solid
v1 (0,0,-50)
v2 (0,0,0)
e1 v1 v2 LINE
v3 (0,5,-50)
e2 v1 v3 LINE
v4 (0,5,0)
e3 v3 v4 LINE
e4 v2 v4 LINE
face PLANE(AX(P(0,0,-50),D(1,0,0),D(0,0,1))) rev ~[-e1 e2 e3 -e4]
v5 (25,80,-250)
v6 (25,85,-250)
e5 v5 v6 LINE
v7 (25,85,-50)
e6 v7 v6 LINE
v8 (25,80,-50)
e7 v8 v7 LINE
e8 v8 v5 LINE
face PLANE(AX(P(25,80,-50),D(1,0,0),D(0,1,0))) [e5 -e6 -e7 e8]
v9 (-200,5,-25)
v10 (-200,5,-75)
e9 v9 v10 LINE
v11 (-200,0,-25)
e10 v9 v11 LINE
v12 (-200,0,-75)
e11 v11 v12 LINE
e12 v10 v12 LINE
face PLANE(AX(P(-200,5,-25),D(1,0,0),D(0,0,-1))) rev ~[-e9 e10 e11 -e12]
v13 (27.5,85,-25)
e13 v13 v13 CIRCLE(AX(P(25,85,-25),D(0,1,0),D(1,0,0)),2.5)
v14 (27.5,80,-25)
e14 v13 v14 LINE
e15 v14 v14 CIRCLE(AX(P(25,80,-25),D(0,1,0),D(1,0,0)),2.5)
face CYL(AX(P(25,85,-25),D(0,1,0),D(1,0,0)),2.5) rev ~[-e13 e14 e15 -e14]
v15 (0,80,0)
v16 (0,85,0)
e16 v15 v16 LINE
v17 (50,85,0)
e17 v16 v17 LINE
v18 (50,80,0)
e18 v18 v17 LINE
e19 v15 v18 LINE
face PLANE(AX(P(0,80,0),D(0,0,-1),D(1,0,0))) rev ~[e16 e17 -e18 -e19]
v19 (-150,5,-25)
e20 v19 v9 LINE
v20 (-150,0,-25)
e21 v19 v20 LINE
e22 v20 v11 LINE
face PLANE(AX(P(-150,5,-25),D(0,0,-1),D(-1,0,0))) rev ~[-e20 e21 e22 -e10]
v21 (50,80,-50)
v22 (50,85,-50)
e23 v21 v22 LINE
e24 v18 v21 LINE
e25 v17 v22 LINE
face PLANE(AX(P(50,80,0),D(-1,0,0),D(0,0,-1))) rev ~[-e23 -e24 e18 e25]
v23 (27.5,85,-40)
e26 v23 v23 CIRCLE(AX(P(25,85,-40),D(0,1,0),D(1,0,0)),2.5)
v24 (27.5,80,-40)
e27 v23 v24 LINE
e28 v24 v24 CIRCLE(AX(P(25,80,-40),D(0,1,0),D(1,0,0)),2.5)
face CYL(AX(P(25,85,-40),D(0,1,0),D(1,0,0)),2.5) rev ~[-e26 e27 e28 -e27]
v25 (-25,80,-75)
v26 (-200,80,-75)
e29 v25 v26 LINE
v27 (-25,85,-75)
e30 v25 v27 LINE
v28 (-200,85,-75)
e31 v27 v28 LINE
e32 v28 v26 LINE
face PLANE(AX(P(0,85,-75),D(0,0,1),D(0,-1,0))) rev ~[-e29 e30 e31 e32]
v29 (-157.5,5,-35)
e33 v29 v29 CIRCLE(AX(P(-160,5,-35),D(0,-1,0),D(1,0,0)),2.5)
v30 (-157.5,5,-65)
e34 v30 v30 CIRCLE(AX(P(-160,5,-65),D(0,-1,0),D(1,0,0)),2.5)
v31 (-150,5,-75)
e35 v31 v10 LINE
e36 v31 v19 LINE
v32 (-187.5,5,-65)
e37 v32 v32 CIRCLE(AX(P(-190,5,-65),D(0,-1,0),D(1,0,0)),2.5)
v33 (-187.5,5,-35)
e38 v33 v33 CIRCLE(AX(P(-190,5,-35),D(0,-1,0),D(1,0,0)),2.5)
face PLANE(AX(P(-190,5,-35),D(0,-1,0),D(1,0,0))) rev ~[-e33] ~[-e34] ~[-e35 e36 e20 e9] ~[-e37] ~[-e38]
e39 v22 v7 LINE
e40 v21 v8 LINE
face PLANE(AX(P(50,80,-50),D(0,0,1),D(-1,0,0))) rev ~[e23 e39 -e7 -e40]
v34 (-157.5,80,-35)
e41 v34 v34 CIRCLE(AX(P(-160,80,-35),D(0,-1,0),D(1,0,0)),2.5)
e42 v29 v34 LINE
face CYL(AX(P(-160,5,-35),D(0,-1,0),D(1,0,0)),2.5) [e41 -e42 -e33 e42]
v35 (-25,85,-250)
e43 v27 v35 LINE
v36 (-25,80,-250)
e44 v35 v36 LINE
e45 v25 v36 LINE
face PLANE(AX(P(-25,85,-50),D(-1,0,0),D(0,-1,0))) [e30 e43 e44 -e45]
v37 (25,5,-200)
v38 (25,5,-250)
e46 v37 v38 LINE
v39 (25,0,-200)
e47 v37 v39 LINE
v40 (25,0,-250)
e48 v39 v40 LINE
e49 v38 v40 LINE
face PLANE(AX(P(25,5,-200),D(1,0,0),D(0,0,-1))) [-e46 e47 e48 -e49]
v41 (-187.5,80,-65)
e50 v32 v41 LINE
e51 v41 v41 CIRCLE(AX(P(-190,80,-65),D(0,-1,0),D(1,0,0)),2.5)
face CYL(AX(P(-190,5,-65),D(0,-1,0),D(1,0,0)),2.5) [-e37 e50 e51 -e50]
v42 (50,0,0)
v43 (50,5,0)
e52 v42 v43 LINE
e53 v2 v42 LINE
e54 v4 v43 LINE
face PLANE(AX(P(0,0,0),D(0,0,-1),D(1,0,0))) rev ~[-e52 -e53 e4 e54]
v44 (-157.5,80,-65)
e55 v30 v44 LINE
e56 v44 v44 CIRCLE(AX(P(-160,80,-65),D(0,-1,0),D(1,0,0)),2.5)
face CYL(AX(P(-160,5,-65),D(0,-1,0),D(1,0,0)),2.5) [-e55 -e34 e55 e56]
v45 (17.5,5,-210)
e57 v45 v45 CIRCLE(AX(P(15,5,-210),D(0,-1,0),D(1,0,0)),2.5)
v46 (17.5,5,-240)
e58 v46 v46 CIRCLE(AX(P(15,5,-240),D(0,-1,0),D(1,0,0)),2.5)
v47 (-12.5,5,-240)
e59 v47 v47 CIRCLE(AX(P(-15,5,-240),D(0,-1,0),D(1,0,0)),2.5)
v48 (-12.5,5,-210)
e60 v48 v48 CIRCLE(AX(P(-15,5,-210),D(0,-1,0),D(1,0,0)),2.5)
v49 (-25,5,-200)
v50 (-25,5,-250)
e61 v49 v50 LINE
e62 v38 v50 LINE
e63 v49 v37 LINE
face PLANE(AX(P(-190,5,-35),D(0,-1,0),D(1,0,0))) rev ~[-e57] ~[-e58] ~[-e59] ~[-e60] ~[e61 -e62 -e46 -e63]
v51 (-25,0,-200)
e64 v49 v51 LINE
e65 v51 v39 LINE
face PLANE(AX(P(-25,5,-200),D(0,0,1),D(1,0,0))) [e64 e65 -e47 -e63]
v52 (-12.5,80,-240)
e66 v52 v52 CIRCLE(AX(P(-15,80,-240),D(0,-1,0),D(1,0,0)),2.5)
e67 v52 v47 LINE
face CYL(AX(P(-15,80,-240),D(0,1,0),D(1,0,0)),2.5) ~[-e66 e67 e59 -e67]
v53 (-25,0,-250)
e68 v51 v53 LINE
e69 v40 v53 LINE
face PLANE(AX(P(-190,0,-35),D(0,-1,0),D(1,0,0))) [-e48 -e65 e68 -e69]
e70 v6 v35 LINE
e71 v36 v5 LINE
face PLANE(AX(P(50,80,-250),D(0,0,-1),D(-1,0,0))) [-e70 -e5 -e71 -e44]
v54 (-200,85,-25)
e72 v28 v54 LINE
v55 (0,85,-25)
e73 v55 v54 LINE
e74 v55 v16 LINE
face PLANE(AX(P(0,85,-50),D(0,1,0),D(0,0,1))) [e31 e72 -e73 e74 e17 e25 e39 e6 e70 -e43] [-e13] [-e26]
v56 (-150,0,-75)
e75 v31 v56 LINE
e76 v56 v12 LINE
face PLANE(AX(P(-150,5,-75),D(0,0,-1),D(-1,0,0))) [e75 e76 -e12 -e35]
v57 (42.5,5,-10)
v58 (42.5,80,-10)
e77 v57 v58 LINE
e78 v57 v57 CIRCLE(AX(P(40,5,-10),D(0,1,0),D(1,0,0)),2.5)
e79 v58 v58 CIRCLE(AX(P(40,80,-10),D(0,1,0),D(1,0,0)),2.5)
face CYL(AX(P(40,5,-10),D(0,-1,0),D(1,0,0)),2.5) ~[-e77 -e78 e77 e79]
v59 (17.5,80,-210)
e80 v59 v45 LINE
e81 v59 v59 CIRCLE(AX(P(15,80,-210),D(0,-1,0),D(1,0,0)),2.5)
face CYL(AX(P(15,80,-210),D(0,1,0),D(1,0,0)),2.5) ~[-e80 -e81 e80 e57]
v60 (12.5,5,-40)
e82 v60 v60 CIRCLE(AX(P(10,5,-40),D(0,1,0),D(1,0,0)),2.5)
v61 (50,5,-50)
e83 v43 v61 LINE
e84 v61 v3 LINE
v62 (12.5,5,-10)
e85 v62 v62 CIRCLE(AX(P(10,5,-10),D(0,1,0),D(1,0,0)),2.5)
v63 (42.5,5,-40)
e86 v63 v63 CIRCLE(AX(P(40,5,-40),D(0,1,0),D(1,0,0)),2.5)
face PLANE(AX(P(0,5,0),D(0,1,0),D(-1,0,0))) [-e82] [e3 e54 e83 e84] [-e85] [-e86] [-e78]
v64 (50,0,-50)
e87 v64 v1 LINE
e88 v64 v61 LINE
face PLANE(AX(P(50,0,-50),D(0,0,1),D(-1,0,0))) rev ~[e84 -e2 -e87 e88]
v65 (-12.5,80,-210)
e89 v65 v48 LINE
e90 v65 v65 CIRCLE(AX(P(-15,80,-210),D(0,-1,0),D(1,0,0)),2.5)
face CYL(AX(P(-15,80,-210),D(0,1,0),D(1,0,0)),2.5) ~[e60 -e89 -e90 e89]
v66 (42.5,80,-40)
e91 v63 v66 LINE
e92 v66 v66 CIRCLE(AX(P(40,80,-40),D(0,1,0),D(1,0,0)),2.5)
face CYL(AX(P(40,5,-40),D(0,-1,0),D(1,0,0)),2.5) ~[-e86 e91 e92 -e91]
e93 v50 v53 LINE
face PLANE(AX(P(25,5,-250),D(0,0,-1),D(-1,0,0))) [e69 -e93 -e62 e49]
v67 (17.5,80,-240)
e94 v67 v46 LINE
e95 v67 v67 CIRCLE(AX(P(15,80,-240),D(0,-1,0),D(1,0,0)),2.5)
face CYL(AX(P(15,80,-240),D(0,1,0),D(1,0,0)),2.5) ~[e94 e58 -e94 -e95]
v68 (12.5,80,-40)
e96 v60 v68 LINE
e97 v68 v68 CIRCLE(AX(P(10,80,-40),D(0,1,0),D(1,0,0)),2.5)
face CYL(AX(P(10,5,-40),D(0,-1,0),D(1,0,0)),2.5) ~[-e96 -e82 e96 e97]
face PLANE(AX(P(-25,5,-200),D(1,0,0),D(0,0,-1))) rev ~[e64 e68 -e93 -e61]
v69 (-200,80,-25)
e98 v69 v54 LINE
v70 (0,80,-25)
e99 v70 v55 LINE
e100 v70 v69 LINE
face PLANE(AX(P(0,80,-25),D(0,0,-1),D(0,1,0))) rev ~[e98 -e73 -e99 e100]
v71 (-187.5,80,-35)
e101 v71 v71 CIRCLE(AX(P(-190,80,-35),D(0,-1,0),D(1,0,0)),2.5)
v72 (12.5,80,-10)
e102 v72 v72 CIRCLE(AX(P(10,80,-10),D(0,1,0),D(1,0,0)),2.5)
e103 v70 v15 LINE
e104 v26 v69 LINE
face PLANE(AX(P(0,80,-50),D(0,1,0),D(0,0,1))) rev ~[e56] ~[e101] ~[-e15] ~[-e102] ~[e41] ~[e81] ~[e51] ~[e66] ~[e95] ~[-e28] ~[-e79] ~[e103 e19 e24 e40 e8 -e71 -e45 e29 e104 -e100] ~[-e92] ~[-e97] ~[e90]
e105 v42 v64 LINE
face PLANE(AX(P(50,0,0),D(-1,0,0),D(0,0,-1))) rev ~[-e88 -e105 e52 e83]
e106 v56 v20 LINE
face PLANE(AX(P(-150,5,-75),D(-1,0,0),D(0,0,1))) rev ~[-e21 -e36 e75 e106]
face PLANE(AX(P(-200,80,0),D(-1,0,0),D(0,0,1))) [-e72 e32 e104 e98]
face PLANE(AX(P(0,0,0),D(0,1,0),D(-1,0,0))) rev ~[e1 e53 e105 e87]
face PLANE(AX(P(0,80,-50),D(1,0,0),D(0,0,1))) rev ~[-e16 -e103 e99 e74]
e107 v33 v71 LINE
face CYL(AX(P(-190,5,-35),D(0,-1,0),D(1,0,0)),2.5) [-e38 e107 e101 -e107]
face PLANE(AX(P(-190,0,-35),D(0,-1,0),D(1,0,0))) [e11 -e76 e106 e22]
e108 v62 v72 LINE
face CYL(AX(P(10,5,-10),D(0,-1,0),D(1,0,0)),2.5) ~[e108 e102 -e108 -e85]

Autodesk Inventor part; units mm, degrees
ref_plane "YZ Plane" through (0, 0, 0) normal (1, 0, 0) x (0, 1, 0)
ref_plane "XZ Plane" through (0, 0, 0) normal (0, 1, 0) x (-1, 0, 0)
ref_plane "XY Plane" through (0, 0, 0) normal (0, 0, 1) x (1, 0, 0)
sketch "Boceto1" plane through (0, 0, 0) normal (0, 1, 0) x (-1, 0, 0)
  line L0 (0, 0) -> (-50, 0)
  line L1 (-50, 0) -> (-50, -50)
  line L2 (-50, -50) -> (0, -50)
  line L3 (0, -50) -> (0, 0)
  dimension "d0" = 50
  dimension "d1" = 50
extrude "Extrusión1" add sketch "Boceto1" along normal blind 5
sketch "Boceto2" plane through (0, 5, 0) normal (0, 1, 0) x (1, 0, 0)
  circle A0 centre (10, 10) radius 2.5
  line L0 (0, 50) -> (0, 0) projected
  line L1 (0, 0) -> (50, 0) projected
  circle A1 centre (10, 40) radius 2.5
  circle A2 centre (40, 10) radius 2.5
  circle A3 centre (40, 40) radius 2.5
  line L2 (50, 50) -> (0, 50) projected
  line L3 (50, 0) -> (50, 50) projected
  dimension "d4" = 5
  dimension "d5" = 10
  dimension "d6" = 10
  dimension "d7" = 5
  dimension "d8" = 5
  dimension "d9" = 5
  dimension "d10" = 10
  dimension "d11" = 10
  dimension "d12" = 10
  dimension "d13" = 10
  dimension "d14" = 10
  dimension "d15" = 10
extrude "Extrusión2" add sketch "Boceto2" along normal blind 75 contours A0 | A1 | A2 | A3
sketch "Boceto3" plane through (10, 80, -10) normal (0, 1, 0) x (1, 0, 0)
  line L0 (-10, -10) -> (40, -10) projected
  line L1 (40, 40) -> (-10, 40) projected
  line L2 (-10, -10) -> (40, -10)
  line L3 (40, -10) -> (40, 40)
  line L4 (40, 40) -> (-10, 40)
  line L5 (-10, 40) -> (-10, -10)
extrude "Extrusión3" add sketch "Boceto3" along normal blind 5
sketch "Boceto4" plane through (10, 85, -10) normal (0, 1, 0) x (1, 0, 0)
  circle A0 centre (15, 15) radius 2.5
  line L0 (40, 40) -> (-10, 40) projected
  line L1 (-10, 40) -> (-10, -10) projected
  dimension "d20" = 5
  dimension "d21" = 25
  dimension "d22" = 25
extrude "Extrusión4" cut sketch "Boceto4" against normal blind 5
thread "Rosca1" size "M5x0.8" class "6H" standard "ANSI Metric M Profile" full length
sketch "Boceto7" plane through (50, 80, -50) normal (0, 0, -1) x (-1, 0, 0)
  line L0 (0, 5) -> (50, 5) projected
  line L1 (25, 5) -> (75, 5)
  line L2 (75, 5) -> (75, 0)
  line L3 (75, 0) -> (25, 0)
  line L4 (25, 0) -> (25, 5)
  point P0 (50, -80)
  dimension "d34" = 50
  dimension "d35" = 5
extrude "Extrusión7" add sketch "Boceto7" along normal blind 200
sketch "Boceto8" plane through (0, 80, 0) normal (-1, 0, 0) x (0, 0, 1)
  line L0 (-50, 5) -> (0, 5) projected
  line L1 (-50, 0) -> (-250, 0) projected
  line L2 (-25, 5) -> (-75, 5)
  line L3 (-75, 5) -> (-75, 0)
  line L4 (-75, 0) -> (-25, 0)
  line L5 (-25, 0) -> (-25, 5)
  point P0 (0, -80)
  dimension "d38" = 50
extrude "Extrusión8" add sketch "Boceto8" along normal blind 200
sketch "Boceto9" plane through (10, 85, -10) normal (0, 1, 0) x (1, 0, 0)
  circle A0 centre (15, 30) radius 2.5
  circle A1 centre (15, 15) radius 2.5 projected
  point P0 (-10, -10)
  dimension "d41" = 5
  dimension "d42" = 15
  dimension "d43" = 0
extrude "Extrusión9" cut sketch "Boceto9" against normal blind 10 contours A0
thread "Rosca2" size "M5x0.8" class "6H" standard "ANSI Metric M Profile" full length
sketch "Boceto10" plane through (10, 80, -10) normal (0, -1, 0) x (1, 0, 0)
  circle A0 centre (5, -230) radius 2.5
  circle A1 centre (-25, -230) radius 2.5
  circle A2 centre (-25, -200) radius 2.5
  circle A3 centre (5, -200) radius 2.5
  line L0 (15, -240) -> (-35, -240) projected
  line L1 (15, -40) -> (15, -240) projected
  line L2 (-35, -65) -> (-35, -240) projected
  line L3 (15, -40) -> (15, -240) construction
  line L4 (15, -190) -> (-35, -190) construction
  point P0 (-10, 10)
  dimension "d48" = 5
  dimension "d49" = 5
  dimension "d50" = 5
  dimension "d51" = 5
  dimension "d52" = 10
  dimension "d53" = 10
  dimension "d54" = 10
  dimension "d55" = 10
  dimension "d56" = 50
  dimension "d57" = 10
  dimension "d58" = 10
  dimension "d59" = 10
  dimension "d60" = 10
extrude "Extrusión10" add sketch "Boceto10" along normal blind 75
sketch "Boceto11" plane through (-15, 5, -240) normal (0, -1, 0) x (1, 0, 0)
  circle A0 centre (-145, 175) radius 2.5
  circle A1 centre (-175, 175) radius 2.5
  circle A2 centre (-145, 205) radius 2.5
  circle A3 centre (-175, 205) radius 2.5
  line L0 (15, 215) -> (-185, 215) projected
  line L1 (-185, 165) -> (-185, 215) projected
  line L2 (-10, 165) -> (-185, 165) construction
  line L3 (-135, 165) -> (-135, 215) construction
  point P0 (15, 240)
  dimension "d63" = 5
  dimension "d64" = 5
  dimension "d65" = 5
  dimension "d66" = 5
  dimension "d67" = 10
  dimension "d68" = 10
  dimension "d69" = 50
  dimension "d70" = 10
  dimension "d71" = 10
  dimension "d72" = 10
  dimension "d73" = 10
  dimension "d74" = 10
  dimension "d75" = 10
extrude "Extrusión11" add sketch "Boceto11" against normal blind 75
sketch "Boceto12" plane through (-190, 5, -35) normal (0, -1, 0) x (1, 0, 0)
  line L0 (215, -15) -> (215, -215) projected
  line L1 (165, -40) -> (165, -215) projected
  line L2 (215, -215) -> (165, -215)
  line L3 (165, -215) -> (165, -165)
  line L4 (165, -165) -> (215, -165)
  line L5 (215, -165) -> (215, -215)
  line L6 (165, -40) -> (-10, -40) projected
  line L7 (190, 10) -> (-10, 10) projected
  line L8 (-10, -40) -> (40, -40)
  line L9 (40, -40) -> (40, 10)
  line L10 (40, 10) -> (-10, 10)
  line L11 (-10, 10) -> (-10, -40)
  point P0 (190, 35)
  dimension "d78" = 50
  dimension "d79" = 50
extrude "Extrusión12" add sketch "Boceto12" along normal blind 5
properties part number "Soporte - C15_3DPrint"
